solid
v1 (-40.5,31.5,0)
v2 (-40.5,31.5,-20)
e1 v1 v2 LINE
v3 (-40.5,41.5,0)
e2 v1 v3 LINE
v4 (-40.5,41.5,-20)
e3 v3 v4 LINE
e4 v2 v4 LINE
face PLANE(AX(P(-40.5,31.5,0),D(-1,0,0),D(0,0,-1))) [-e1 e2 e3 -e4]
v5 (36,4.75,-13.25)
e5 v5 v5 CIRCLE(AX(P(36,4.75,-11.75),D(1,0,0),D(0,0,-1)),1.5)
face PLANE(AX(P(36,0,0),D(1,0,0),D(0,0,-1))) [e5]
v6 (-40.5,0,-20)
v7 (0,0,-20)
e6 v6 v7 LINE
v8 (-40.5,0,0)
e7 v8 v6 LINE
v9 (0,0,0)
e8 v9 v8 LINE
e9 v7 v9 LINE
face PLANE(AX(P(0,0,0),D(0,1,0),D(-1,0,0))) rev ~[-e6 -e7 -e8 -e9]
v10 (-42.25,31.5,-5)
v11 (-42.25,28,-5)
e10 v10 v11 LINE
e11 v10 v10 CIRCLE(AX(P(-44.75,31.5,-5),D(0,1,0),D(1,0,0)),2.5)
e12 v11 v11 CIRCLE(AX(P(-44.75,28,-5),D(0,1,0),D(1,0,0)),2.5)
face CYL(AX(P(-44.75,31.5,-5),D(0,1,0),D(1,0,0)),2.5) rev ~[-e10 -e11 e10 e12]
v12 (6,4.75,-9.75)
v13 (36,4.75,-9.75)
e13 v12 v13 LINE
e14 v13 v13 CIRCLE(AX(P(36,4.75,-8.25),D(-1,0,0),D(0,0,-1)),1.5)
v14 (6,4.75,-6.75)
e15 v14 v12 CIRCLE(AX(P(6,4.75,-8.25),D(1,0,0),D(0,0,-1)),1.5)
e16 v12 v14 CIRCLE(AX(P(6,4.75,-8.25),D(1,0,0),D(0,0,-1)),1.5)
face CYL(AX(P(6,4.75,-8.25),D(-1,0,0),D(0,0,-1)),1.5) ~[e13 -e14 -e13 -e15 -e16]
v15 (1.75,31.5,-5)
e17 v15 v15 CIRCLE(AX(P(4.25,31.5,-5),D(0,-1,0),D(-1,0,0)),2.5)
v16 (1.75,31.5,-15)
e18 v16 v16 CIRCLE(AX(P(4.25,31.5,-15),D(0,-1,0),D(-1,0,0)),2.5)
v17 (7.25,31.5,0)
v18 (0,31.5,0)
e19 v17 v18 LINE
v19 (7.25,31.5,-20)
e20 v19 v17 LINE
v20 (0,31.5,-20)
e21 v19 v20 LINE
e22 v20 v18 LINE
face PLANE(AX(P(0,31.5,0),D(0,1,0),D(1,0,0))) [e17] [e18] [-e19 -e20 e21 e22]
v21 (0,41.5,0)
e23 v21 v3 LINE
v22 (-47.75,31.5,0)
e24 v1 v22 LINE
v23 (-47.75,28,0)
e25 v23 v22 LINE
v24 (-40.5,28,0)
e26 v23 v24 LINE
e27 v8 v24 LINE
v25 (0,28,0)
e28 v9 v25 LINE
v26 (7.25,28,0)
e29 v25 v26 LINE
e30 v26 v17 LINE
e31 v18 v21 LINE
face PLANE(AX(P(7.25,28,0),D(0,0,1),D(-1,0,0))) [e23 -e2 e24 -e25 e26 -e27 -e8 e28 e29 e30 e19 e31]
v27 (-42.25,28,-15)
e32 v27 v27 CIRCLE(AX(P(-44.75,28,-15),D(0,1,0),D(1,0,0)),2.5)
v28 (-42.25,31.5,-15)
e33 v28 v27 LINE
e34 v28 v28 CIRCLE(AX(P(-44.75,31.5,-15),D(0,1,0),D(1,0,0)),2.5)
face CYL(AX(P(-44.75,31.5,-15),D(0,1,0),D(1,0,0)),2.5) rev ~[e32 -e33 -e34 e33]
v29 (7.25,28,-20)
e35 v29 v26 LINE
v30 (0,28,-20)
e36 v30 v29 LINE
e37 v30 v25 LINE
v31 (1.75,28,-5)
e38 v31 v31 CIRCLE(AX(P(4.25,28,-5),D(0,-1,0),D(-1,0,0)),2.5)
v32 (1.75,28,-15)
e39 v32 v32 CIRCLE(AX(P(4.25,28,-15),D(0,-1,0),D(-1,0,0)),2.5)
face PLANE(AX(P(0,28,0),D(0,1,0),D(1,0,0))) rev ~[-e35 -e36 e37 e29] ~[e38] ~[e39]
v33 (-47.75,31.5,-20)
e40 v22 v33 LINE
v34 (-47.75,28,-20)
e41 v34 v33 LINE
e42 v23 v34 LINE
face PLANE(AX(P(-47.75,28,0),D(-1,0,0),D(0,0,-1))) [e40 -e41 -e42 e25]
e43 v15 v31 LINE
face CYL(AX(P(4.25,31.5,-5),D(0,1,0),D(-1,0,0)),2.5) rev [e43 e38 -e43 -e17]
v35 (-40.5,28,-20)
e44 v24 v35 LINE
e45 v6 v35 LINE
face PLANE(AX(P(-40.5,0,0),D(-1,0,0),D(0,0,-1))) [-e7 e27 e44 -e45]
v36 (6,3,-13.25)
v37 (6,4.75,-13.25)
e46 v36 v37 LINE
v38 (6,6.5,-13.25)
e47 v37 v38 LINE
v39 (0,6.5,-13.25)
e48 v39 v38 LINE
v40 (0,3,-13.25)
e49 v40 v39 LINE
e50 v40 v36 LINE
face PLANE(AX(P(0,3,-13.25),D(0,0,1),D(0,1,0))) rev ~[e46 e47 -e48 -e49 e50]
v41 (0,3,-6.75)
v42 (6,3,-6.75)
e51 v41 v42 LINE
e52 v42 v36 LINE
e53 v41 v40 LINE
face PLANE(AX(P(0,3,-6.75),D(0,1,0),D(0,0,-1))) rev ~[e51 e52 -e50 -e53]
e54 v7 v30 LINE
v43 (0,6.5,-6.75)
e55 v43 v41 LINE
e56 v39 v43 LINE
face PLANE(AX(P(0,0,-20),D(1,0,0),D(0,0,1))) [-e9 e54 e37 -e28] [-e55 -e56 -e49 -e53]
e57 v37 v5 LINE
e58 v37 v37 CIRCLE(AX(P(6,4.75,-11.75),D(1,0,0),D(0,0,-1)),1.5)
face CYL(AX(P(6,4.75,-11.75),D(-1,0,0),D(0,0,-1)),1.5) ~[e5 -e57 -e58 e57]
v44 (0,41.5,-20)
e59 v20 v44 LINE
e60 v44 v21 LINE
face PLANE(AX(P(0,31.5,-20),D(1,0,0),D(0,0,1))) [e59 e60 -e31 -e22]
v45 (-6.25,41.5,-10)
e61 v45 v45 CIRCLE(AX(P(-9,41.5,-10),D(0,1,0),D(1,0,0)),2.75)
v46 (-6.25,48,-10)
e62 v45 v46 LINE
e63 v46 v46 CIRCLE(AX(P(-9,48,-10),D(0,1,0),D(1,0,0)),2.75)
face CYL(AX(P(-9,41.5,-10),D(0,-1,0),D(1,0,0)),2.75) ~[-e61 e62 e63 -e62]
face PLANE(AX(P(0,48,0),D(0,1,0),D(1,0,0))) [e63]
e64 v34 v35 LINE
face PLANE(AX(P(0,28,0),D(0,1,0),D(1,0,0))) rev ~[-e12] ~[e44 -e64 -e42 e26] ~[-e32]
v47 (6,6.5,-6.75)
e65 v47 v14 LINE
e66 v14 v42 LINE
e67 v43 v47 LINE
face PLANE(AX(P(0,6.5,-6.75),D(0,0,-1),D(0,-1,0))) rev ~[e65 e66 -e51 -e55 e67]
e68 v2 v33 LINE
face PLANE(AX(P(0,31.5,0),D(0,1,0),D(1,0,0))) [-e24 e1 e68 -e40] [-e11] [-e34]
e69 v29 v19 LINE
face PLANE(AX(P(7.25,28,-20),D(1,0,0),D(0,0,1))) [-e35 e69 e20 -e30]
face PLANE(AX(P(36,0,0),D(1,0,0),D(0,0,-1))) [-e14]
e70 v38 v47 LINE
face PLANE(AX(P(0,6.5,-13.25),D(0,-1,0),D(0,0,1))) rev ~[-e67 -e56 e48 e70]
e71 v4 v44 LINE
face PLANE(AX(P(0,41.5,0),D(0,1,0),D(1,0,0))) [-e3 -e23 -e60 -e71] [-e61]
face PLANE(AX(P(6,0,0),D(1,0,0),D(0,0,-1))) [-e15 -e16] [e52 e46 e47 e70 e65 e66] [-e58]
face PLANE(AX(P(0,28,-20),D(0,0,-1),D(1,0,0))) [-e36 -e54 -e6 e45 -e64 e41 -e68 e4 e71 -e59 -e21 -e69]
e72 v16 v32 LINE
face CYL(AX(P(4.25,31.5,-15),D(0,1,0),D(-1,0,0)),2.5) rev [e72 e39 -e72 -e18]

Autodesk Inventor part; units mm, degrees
ref_plane "YZ Plane" through (0, 0, 0) normal (1, 0, 0) x (0, 1, 0)
ref_plane "XZ Plane" through (0, 0, 0) normal (0, 1, 0) x (-1, 0, 0)
ref_plane "XY Plane" through (0, 0, 0) normal (0, 0, 1) x (1, 0, 0)
sketch "Sketch1" plane through (0, 0, 0) normal (0, 1, 0) x (-1, 0, 0)
  line L0 (0, 0) -> (40.5, 0)
  line L1 (40.5, 0) -> (40.5, -20)
  line L2 (40.5, -20) -> (0, -20)
  line L3 (0, -20) -> (0, 0)
  dimension "d0" = 20
  dimension "d1" = 40.5
extrude "Extrusion1" add sketch "Sketch1" along normal blind 28
sketch "Sketch2" plane through (0, 28, 0) normal (0, 1, 0) x (1, 0, 0)
  line L0 (7.25, 0) -> (-47.75, 0)
  line L1 (-47.75, 0) -> (-47.75, 20)
  line L2 (-47.75, 20) -> (7.25, 20)
  line L3 (7.25, 20) -> (7.25, 0)
  line L4 (0, 20) -> (-40.5, 20) projected
  line L5 (-40.5, 20) -> (-40.5, 0) projected
  line L6 (-40.5, 0) -> (0, 0) projected
  dimension "d4" = 0
  dimension "d5" = 55
  dimension "d6" = 7.25
  dimension "d7" = 0
extrude "Extrusion2" add sketch "Sketch2" along normal blind 3.5
sketch "Sketch3" plane through (0, 31.5, 0) normal (0, 1, 0) x (1, 0, 0)
  circle A0 centre (-44.75, 5) radius 2.5
  circle A1 centre (-44.75, 15) radius 2.5
  line L0 (-47.75, 0) -> (7.25, 0) projected
  line L1 (7.25, 20) -> (-47.75, 20) projected
  line L2 (-47.75, 20) -> (-47.75, 0) projected
  point P0 (0, 0)
  dimension "d10" = 5
  dimension "d11" = 5
  dimension "d12" = 5
  dimension "d14" = 5
  dimension "d15" = 3
  dimension "d16" = 3
extrude "Extrusion3" cut sketch "Sketch3" against normal blind 3.5
ref_plane "Work Plane1" through (-20.25, 28, 0) normal (1, 0, 0) x (0, 0, -1)
mirror "Mirror1" about plane through (-20.25, 28, 0) normal (1, 0, 0) of "Extrusion3"
sketch "Sketch4" plane through (0, 31.5, 0) normal (0, 1, 0) x (1, 0, 0)
  line L0 (0, 0) -> (-40.5, 0)
  line L1 (-40.5, 0) -> (-40.5, 20)
  line L2 (-40.5, 20) -> (0, 20)
  line L3 (0, 20) -> (0, 0)
extrude "Extrusion4" add sketch "Sketch4" along normal blind 10
sketch "Sketch5" plane through (0, 41.5, 0) normal (0, 1, 0) x (1, 0, 0)
  circle A0 centre (-9, 10) radius 2.75
  line L0 (0, 0) -> (0, 20) projected
  line L1 (-40.5, 0) -> (0, 0) projected
  line L2 (-40.5, 20) -> (-40.5, 0) projected
  dimension "d22" = 10
  dimension "d23" = 5.5
  dimension "d40" = 31.5
extrude "Extrusion5" add sketch "Sketch5" along normal blind 6.5
sketch "Sketch6" plane through (0, 0, 0) normal (1, 0, 0) x (0, 0, -1)
  line L0 (6.75, 3) -> (13.25, 3)
  line L1 (13.25, 3) -> (13.25, 6.5)
  line L2 (13.25, 6.5) -> (6.75, 6.5)
  line L3 (6.75, 6.5) -> (6.75, 3)
  line L4 (0, 0) -> (20, 0) projected
  line L5 (0, 0) -> (0, 28) projected
  dimension "d26" = 3
  dimension "d27" = 6.5
  dimension "d28" = 3.5
  dimension "d29" = 6.75
extrude "Extrusion6" add sketch "Sketch6" along normal blind 6
sketch "Sketch7" plane through (6, 0, 0) normal (1, 0, 0) x (0, 0, -1)
  circle A0 centre (11.75, 4.75) radius 1.5
  circle A1 centre (8.25, 4.75) radius 1.5
  line L0 (6.75, 6.5) -> (6.75, 3) projected
  line L1 (13.25, 3) -> (13.25, 6.5) projected
  line L2 (6.75, 3) -> (13.25, 3) projected
  point P0 (0, 0)
  dimension "d32" = 3
  dimension "d33" = 3
  dimension "d34" = 1.5
  dimension "d35" = 1.5
  dimension "d36" = 1.75
  dimension "d37" = 1.75
extrude "Extrusion7" add sketch "Sketch7" along normal blind 30
equation "\"d33\" = d32"
equation "\"d37\" = d36"
properties part number "motor_25kg"
